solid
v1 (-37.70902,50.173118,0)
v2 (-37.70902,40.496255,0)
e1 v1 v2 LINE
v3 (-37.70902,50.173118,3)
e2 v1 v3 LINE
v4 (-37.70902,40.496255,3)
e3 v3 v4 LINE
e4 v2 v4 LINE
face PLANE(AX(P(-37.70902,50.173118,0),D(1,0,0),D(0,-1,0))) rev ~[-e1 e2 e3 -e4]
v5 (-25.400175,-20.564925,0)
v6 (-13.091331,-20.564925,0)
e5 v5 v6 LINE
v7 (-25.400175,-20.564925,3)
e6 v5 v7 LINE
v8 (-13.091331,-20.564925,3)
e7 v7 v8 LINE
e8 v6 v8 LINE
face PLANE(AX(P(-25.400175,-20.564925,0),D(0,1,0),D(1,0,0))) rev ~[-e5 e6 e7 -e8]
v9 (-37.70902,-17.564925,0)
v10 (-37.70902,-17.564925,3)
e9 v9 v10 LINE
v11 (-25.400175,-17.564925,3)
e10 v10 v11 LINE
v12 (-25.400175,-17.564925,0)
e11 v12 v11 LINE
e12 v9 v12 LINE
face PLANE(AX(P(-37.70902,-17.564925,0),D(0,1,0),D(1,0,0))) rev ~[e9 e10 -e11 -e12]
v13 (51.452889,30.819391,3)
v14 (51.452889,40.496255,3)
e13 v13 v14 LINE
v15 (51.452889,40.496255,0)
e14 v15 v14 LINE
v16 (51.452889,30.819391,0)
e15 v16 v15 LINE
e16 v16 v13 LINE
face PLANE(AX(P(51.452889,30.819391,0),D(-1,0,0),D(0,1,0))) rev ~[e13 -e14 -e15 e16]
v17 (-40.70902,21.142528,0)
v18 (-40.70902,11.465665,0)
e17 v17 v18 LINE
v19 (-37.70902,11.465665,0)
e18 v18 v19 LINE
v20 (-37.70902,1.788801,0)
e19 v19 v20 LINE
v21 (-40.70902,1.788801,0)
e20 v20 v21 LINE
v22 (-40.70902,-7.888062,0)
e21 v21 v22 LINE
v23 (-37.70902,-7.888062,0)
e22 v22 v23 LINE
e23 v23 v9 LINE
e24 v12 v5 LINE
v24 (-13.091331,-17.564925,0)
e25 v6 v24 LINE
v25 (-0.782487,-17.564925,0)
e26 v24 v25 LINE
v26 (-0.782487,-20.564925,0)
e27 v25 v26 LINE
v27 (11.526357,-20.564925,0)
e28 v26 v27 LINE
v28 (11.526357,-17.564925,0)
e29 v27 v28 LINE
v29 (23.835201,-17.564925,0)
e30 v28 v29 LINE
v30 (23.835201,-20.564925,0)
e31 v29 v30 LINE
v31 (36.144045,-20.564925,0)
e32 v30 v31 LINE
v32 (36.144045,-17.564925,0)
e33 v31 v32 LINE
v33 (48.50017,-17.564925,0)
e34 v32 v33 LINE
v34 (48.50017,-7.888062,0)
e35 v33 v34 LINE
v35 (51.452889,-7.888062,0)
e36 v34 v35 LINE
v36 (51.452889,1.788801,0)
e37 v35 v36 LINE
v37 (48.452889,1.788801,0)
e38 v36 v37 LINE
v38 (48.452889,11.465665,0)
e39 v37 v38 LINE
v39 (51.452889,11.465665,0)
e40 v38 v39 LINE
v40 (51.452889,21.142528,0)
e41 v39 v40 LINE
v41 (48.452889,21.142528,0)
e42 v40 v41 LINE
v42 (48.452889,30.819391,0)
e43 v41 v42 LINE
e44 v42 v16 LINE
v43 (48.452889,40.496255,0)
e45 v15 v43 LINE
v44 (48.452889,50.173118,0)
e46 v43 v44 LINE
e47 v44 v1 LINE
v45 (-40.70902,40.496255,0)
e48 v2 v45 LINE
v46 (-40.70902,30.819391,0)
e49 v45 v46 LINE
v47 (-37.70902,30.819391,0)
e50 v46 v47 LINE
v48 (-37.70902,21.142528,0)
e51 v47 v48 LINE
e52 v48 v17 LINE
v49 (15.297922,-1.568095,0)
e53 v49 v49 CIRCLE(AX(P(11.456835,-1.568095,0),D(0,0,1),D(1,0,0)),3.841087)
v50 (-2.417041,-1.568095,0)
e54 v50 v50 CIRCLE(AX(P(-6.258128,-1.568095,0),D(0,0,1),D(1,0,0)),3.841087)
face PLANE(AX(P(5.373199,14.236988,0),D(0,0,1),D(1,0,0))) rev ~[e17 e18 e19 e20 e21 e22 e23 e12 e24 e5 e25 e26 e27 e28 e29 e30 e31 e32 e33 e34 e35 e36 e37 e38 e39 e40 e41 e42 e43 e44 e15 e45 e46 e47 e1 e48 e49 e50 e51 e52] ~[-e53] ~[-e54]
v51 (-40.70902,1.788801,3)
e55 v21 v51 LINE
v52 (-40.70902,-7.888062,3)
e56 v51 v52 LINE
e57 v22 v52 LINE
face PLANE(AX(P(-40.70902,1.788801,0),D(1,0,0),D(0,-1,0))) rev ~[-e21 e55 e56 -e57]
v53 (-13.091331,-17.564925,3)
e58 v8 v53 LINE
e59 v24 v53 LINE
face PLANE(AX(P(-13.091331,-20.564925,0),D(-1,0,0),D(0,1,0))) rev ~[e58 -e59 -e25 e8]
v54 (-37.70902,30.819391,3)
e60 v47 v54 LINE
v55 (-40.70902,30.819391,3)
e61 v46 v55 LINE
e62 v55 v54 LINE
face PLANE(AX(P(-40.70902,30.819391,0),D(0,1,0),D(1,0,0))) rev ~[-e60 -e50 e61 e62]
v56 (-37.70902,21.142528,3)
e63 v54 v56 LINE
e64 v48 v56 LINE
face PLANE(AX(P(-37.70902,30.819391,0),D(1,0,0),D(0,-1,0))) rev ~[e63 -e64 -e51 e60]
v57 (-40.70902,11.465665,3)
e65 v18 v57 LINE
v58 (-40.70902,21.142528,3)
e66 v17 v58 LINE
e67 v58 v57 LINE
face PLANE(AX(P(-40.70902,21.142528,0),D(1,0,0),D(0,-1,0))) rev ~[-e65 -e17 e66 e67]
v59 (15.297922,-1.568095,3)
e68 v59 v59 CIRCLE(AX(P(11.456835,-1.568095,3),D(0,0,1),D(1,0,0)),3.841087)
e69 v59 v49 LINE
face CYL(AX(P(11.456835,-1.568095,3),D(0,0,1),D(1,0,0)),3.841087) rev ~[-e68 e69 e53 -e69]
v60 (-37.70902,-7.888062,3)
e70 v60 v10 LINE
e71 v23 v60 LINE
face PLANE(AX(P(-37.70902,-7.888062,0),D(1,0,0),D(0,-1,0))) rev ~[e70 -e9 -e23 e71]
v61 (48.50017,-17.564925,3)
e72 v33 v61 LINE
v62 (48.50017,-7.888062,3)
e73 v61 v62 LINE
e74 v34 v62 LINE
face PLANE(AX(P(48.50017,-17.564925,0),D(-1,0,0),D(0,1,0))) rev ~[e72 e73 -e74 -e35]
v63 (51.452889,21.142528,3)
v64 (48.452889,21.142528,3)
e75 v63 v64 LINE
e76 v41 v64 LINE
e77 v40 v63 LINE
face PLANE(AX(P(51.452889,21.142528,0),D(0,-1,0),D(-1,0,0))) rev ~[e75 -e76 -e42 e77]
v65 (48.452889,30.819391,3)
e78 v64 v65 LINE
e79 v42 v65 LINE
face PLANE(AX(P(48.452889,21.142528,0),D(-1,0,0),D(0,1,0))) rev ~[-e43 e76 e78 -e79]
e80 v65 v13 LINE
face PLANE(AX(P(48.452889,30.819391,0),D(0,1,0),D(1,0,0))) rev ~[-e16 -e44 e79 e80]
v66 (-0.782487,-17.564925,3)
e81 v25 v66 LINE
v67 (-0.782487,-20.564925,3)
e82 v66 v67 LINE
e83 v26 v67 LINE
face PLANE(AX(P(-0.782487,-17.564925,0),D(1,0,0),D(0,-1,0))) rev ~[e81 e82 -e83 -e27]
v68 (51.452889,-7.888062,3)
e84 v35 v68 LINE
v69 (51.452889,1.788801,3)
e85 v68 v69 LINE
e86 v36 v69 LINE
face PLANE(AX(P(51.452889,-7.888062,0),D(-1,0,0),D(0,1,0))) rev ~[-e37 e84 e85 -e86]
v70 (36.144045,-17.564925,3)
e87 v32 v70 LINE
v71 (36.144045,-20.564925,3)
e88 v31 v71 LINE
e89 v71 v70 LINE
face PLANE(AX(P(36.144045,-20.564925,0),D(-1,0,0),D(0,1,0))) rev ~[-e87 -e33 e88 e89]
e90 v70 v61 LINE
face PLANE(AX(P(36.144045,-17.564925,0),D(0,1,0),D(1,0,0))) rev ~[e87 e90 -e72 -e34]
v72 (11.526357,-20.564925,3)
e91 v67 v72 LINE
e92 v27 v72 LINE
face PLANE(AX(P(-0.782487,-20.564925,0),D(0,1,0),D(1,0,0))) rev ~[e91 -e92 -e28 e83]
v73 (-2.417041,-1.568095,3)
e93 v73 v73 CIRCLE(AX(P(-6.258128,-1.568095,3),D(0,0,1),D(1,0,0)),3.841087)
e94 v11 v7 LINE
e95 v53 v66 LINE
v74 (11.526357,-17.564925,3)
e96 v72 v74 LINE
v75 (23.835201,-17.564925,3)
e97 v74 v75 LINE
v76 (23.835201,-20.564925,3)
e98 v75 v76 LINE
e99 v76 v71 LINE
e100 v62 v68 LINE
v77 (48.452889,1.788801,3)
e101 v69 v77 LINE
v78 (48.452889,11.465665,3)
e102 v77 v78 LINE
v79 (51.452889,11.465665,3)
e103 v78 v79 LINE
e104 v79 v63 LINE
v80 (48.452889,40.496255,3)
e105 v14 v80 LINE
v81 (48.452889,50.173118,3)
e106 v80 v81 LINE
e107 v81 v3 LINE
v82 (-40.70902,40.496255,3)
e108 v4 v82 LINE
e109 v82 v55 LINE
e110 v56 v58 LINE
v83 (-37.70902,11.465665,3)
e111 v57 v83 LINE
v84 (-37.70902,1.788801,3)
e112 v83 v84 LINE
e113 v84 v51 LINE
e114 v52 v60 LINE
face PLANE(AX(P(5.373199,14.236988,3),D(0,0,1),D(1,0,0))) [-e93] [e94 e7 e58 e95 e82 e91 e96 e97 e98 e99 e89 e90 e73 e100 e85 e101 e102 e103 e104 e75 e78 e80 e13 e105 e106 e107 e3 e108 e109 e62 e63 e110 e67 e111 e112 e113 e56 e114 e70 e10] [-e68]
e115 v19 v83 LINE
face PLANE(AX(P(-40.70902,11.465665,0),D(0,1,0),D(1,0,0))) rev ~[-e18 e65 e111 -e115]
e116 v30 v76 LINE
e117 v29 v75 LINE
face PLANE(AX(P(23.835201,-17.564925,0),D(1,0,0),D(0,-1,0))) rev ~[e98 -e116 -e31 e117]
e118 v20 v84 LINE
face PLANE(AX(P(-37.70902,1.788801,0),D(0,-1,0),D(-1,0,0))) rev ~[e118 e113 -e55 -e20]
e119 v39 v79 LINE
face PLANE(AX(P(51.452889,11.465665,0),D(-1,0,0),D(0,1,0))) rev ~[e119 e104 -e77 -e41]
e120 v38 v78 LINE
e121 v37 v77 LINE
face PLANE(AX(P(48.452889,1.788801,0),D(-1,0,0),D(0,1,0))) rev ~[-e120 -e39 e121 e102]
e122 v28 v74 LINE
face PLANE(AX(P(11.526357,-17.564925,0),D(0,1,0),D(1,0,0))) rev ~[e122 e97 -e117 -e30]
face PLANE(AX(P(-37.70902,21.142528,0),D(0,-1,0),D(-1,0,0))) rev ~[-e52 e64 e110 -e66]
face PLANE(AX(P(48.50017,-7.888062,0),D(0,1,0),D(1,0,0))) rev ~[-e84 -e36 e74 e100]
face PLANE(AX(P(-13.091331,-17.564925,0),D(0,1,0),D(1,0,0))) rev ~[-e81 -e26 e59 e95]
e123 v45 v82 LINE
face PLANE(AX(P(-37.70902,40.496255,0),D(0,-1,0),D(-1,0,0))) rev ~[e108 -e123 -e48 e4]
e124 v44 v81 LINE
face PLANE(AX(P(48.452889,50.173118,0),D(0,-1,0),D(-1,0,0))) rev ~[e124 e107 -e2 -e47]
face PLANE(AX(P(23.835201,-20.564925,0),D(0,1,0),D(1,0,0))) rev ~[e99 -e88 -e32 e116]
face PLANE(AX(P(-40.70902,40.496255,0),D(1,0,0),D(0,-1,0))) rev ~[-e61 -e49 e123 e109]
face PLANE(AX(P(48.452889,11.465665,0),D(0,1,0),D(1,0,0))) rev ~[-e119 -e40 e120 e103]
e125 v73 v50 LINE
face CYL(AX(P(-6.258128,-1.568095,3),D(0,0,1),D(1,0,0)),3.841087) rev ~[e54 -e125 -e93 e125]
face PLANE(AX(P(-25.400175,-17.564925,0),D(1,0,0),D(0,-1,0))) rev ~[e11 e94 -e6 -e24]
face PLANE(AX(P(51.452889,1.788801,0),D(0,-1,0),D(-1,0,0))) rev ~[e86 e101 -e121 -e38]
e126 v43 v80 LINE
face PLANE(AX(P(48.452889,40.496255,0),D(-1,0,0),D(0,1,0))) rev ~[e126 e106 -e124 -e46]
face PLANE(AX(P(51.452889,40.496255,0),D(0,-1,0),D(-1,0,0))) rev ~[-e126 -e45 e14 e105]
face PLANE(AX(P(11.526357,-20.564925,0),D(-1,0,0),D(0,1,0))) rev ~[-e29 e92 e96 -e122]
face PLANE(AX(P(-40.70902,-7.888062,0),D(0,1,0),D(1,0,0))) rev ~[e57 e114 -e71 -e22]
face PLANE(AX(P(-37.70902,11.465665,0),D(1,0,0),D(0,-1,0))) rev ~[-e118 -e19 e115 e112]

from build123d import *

# Parameters (mm, degrees)
BOSS_EXTRUDE1_DEPTH = 3
SKETCH2_R           = 3.841087015
CUT_EXTRUDE1_DEPTH  = 3


with BuildPart() as part:
    # Sketch1 → Boss-Extrude1 (new body)
    with BuildSketch(Plane.XY):
        Polygon((-37.70901952, -17.564925379), (-25.400175445, -17.564925379), (-25.400175445, -20.564925379), (-13.09133137, -20.564925379), (-13.09133137, -17.564925379), (-0.782487296, -17.564925379), (-0.782487296, -20.564925379), (11.526356779, -20.564925379), (11.526356779, -17.564925379), (23.835200854, -17.564925379), (23.835200854, -20.564925379), (36.144044929, -20.564925379), (36.144044929, -17.564925379), (48.500170095, -17.564925379), (48.500170095, -7.888062048), (51.452889003, -7.888062048), (51.452889003, 1.788801284), (48.452889003, 1.788801284), (48.452889003, 11.465664615), (51.452889003, 11.465664615), (51.452889003, 21.142527947), (48.452889003, 21.142527947), (48.452889003, 30.819391278), (51.452889003, 30.819391278), (51.452889003, 40.49625461), (48.452889003, 40.49625461), (48.452889003, 50.173117941), (-37.70901952, 50.173117941), (-37.70901952, 40.49625461), (-40.70901952, 40.49625461), (-40.70901952, 30.819391278), (-37.70901952, 30.819391278), (-37.70901952, 21.142527947), (-40.70901952, 21.142527947), (-40.70901952, 11.465664615), (-37.70901952, 11.465664615), (-37.70901952, 1.788801284), (-40.70901952, 1.788801284), (-40.70901952, -7.888062048), (-37.70901952, -7.888062048), align=None)
    extrude(amount=BOSS_EXTRUDE1_DEPTH)

    # Sketch2 → Cut-Extrude1 (cut)
    with BuildSketch(Plane.XY.offset(3)):
        with Locations((-6.25812843, -1.568095487)):
            Circle(SKETCH2_R)
        with Locations((11.456834914, -1.568095487)):
            Circle(SKETCH2_R)
    extrude(amount=-CUT_EXTRUDE1_DEPTH, mode=Mode.SUBTRACT)


solid = part.part
